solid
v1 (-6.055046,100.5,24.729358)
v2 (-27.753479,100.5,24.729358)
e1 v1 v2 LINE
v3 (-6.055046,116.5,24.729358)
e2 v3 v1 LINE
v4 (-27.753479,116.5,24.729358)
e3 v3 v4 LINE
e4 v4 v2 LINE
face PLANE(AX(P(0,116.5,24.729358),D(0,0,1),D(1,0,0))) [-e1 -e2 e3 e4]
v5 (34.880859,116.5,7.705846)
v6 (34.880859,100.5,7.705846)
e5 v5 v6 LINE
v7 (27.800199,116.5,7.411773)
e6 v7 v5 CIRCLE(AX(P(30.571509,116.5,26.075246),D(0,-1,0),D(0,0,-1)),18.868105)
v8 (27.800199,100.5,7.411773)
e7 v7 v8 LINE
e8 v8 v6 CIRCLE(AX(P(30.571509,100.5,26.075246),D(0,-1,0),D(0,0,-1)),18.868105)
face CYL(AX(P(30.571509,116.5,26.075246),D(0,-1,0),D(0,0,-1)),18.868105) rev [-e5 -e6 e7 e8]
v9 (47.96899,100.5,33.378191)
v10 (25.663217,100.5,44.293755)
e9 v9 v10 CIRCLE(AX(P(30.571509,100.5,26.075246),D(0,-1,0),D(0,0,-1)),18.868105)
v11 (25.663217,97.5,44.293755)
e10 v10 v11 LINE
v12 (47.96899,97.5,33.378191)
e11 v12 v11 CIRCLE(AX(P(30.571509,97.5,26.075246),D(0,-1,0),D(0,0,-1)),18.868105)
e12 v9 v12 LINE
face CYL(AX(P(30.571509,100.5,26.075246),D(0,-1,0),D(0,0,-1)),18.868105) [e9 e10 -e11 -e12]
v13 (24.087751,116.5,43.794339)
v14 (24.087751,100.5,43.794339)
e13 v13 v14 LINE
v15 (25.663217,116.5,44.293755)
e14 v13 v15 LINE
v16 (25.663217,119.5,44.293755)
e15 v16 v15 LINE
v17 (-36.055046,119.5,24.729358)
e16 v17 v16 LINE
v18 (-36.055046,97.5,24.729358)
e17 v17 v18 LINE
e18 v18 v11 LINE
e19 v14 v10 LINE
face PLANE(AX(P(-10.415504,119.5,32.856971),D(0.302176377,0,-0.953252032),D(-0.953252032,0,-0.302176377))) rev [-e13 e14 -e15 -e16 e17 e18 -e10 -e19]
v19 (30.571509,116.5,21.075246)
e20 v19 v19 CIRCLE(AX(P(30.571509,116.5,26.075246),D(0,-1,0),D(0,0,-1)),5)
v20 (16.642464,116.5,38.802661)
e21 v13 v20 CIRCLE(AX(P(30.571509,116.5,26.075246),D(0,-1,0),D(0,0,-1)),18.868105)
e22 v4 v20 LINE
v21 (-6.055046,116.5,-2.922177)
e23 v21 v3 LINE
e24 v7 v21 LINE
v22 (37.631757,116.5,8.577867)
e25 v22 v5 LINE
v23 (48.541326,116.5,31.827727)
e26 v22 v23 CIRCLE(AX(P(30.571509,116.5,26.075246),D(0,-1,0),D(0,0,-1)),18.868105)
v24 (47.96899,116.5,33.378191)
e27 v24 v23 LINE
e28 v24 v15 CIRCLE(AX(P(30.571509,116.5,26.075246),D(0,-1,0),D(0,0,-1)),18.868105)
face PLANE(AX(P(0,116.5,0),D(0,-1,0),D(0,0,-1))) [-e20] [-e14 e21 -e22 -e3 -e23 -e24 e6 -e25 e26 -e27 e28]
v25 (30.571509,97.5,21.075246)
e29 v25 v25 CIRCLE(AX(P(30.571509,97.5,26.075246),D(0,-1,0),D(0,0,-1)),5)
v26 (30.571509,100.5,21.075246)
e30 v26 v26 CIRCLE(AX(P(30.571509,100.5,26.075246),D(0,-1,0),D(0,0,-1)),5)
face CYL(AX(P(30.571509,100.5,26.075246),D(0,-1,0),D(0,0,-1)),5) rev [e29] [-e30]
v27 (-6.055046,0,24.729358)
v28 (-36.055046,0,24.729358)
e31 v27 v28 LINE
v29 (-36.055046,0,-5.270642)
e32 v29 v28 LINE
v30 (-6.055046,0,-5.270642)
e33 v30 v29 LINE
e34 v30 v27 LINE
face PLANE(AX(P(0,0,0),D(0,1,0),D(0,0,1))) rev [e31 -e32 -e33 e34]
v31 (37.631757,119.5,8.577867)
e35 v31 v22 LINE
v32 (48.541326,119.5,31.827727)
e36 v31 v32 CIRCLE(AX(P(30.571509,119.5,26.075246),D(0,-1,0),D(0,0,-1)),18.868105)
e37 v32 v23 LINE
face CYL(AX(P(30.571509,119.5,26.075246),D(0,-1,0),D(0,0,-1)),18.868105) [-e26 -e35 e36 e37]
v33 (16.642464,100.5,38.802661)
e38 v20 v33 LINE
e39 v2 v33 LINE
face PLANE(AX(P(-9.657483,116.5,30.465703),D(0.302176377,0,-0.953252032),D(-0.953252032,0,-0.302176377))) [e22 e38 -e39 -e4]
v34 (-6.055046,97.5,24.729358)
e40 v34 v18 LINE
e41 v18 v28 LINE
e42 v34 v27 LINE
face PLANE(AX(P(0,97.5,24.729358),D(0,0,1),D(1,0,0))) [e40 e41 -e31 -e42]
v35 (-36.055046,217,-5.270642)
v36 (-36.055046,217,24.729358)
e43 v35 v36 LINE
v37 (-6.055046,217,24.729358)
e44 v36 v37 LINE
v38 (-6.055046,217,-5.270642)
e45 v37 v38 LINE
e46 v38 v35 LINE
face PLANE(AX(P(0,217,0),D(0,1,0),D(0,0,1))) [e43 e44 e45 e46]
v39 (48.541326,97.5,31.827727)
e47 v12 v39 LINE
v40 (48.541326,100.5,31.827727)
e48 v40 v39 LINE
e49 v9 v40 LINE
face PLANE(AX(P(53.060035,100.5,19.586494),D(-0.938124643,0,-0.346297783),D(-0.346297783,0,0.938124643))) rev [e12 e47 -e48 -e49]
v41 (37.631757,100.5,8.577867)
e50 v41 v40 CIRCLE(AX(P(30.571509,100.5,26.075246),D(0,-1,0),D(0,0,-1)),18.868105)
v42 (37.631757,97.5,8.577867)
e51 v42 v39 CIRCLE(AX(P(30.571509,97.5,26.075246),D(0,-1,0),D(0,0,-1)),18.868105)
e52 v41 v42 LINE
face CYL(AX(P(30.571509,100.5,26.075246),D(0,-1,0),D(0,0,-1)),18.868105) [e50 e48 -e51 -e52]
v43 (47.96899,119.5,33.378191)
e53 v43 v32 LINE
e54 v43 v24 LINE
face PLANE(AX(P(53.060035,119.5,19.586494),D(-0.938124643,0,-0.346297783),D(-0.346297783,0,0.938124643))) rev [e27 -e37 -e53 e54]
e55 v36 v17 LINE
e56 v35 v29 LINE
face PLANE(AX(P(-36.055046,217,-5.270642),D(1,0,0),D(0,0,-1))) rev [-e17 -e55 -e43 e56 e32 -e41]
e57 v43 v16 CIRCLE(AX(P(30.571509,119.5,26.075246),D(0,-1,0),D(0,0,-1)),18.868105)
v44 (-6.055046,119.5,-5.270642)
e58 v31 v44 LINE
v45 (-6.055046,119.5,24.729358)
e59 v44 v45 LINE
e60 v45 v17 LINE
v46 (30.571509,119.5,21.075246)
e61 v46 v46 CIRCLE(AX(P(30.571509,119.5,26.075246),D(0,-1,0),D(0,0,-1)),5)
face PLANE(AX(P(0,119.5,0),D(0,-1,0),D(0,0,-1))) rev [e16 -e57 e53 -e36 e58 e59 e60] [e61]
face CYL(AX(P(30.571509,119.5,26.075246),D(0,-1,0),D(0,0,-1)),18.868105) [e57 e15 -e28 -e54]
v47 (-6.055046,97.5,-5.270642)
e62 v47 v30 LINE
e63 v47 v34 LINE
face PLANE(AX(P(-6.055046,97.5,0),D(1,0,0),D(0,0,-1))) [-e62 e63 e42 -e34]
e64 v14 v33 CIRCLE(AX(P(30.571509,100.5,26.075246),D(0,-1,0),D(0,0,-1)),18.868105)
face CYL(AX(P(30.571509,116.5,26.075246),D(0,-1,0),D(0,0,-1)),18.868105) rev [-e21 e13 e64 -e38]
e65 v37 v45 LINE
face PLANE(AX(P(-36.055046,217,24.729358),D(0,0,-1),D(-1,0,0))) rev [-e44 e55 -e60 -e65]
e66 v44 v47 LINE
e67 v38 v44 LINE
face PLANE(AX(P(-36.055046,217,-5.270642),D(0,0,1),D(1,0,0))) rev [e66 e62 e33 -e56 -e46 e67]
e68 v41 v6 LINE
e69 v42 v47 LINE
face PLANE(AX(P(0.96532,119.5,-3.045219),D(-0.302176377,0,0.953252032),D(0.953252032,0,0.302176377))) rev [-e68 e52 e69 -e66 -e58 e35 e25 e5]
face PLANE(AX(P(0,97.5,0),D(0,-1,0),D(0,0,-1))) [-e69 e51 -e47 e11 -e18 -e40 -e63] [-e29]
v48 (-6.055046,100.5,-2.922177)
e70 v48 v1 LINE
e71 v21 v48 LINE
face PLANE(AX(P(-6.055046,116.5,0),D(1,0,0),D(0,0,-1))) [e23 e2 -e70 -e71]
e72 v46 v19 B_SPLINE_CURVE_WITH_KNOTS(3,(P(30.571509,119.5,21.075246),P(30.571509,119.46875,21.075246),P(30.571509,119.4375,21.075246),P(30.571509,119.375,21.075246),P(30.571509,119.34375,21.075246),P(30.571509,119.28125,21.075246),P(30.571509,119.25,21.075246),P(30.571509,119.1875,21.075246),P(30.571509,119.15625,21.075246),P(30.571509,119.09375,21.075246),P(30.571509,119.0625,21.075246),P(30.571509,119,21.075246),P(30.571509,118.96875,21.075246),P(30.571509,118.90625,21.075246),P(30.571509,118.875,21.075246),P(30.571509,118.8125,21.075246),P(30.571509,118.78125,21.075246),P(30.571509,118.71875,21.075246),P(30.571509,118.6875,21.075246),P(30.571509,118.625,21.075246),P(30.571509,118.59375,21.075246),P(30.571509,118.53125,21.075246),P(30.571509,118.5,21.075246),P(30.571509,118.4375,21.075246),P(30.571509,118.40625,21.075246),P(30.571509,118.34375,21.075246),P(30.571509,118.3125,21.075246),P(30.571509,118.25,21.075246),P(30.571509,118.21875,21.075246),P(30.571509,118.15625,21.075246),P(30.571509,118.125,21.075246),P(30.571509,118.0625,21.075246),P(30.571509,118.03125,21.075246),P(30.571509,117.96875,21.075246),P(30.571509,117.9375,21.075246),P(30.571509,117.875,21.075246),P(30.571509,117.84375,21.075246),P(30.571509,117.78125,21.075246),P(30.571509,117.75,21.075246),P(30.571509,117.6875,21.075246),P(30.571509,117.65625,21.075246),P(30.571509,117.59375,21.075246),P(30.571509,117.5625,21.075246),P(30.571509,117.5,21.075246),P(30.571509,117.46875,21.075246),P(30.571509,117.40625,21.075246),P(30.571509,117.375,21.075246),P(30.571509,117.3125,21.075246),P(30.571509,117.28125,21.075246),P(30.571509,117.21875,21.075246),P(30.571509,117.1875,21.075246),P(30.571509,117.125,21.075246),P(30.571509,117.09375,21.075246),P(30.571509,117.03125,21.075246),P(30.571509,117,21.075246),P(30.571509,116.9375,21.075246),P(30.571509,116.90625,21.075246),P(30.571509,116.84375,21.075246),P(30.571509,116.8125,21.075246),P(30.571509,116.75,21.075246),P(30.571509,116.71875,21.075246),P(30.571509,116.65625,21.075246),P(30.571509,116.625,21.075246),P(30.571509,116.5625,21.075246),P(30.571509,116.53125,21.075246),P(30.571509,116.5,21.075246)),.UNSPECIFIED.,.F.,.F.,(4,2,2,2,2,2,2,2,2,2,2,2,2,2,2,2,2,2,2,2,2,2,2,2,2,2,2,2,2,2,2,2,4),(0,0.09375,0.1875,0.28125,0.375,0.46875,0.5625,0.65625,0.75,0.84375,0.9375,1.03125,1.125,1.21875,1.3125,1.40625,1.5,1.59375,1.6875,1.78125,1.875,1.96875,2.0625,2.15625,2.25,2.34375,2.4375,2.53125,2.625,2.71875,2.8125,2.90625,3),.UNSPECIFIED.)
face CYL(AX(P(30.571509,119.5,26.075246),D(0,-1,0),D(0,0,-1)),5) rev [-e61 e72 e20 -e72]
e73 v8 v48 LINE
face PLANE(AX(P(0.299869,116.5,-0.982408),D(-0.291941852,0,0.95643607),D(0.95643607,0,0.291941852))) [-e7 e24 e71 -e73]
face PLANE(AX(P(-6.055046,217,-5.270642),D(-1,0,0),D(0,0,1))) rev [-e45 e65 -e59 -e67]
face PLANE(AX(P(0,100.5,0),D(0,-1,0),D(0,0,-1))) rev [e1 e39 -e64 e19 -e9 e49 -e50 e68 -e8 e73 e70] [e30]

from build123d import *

# Parameters (mm, degrees)
SKETCH1_W           = 30
SKETCH1_H           = 30
BOSS_EXTRUDE1_DEPTH = 217
SKETCH2_R           = 5
BOSS_EXTRUDE3_DEPTH = 119.5
SKETCH2_5_R         = 5
CUT_EXTRUDE1_DEPTH  = 116.5
SKETCH2_6_R         = 5
BOSS_EXTRUDE4_DEPTH = 100.5
SKETCH2_7_R         = 5
CUT_EXTRUDE2_DEPTH  = 97.5


with BuildPart() as part:
    # Sketch1 → Boss-Extrude1 (new body)
    with BuildSketch(Plane(origin=(0, 0, 0), x_dir=(1, 0, 0), z_dir=(0, 1, 0))):
        with Locations((-21.055045872, -9.729357798)):
            Rectangle(SKETCH1_W, SKETCH1_H)
    extrude(amount=BOSS_EXTRUDE1_DEPTH)

    # Sketch2 → Boss-Extrude3 (add)
    with BuildSketch(Plane.XZ):
        with BuildLine():
            Line((-36.055045872, 24.729357798), (-6.055045872, 24.729357798))
            Line((-6.055045872, 24.729357798), (-6.055045872, -5.270642202))
            Line((-6.055045872, -5.270642202), (37.631757216, 8.577867353))
            ThreePointArc((37.631757216, 8.577867353), (47.652639906, 18.060239777), (48.541325909, 31.827727342))
            Line((48.541325909, 31.827727342), (47.968990161, 33.37819141))
            ThreePointArc((47.968990161, 33.37819141), (38.865020701, 43.022901823), (25.663216571, 44.293754521))
            Line((25.663216571, 44.293754521), (-36.055045872, 24.729357798))
        make_face()
        with Locations((30.57150852, 26.07524616)):
            Circle(SKETCH2_R, mode=Mode.SUBTRACT)
    extrude(amount=-BOSS_EXTRUDE3_DEPTH)

    # Sketch2<5> → Cut-Extrude1 (cut)
    with BuildSketch(Plane.XZ):
        with BuildLine():
            Line((25.663216571, 44.293754521), (24.087751056, 43.794339419))
            ThreePointArc((24.087751056, 43.794339419), (20.064375993, 41.747053421), (16.642463995, 38.80266127))
            Line((16.642463995, 38.80266127), (-27.753478769, 24.729357798))
            Line((-27.753478769, 24.729357798), (-6.055045872, 24.729357798))
            Line((-6.055045872, 24.729357798), (-6.055045872, -2.922177327))
            Line((-6.055045872, -2.922177327), (27.800199491, 7.411773197))
            ThreePointArc((27.800199491, 7.411773197), (31.354459639, 7.223393087), (34.880858909, 7.705845626))
            Line((34.880858909, 7.705845626), (37.631757216, 8.577867353))
            ThreePointArc((37.631757216, 8.577867353), (47.652639906, 18.060239777), (48.541325909, 31.827727342))
            Line((48.541325909, 31.827727342), (47.968990161, 33.37819141))
            ThreePointArc((47.968990161, 33.37819141), (38.865020701, 43.022901823), (25.663216571, 44.293754521))
        make_face()
        with Locations((30.57150852, 26.07524616)):
            Circle(SKETCH2_5_R, mode=Mode.SUBTRACT)
    extrude(amount=-CUT_EXTRUDE1_DEPTH, mode=Mode.SUBTRACT)

    # Sketch2<6> → Boss-Extrude4 (add)
    with BuildSketch(Plane.XZ):
        with BuildLine():
            Line((25.663216571, 44.293754521), (24.087751056, 43.794339419))
            ThreePointArc((24.087751056, 43.794339419), (20.064375993, 41.747053421), (16.642463995, 38.80266127))
            Line((16.642463995, 38.80266127), (-27.753478769, 24.729357798))
            Line((-27.753478769, 24.729357798), (-6.055045872, 24.729357798))
            Line((-6.055045872, 24.729357798), (-6.055045872, -2.922177327))
            Line((-6.055045872, -2.922177327), (27.800199491, 7.411773197))
            ThreePointArc((27.800199491, 7.411773197), (31.354459639, 7.223393087), (34.880858909, 7.705845626))
            Line((34.880858909, 7.705845626), (37.631757216, 8.577867353))
            ThreePointArc((37.631757216, 8.577867353), (47.652639906, 18.060239777), (48.541325909, 31.827727342))
            Line((48.541325909, 31.827727342), (47.968990161, 33.37819141))
            ThreePointArc((47.968990161, 33.37819141), (38.865020701, 43.022901823), (25.663216571, 44.293754521))
        make_face()
        with Locations((30.57150852, 26.07524616)):
            Circle(SKETCH2_6_R, mode=Mode.SUBTRACT)
    extrude(amount=-BOSS_EXTRUDE4_DEPTH)

    # Sketch2<7> → Cut-Extrude2 (cut)
    with BuildSketch(Plane.XZ):
        with BuildLine():
            Line((-36.055045872, 24.729357798), (-6.055045872, 24.729357798))
            Line((-6.055045872, 24.729357798), (-6.055045872, -5.270642202))
            Line((-6.055045872, -5.270642202), (37.631757216, 8.577867353))
            ThreePointArc((37.631757216, 8.577867353), (47.652639906, 18.060239777), (48.541325909, 31.827727342))
            Line((48.541325909, 31.827727342), (47.968990161, 33.37819141))
            ThreePointArc((47.968990161, 33.37819141), (38.865020701, 43.022901823), (25.663216571, 44.293754521))
            Line((25.663216571, 44.293754521), (-36.055045872, 24.729357798))
        make_face()
        with Locations((30.57150852, 26.07524616)):
            Circle(SKETCH2_7_R, mode=Mode.SUBTRACT)
    extrude(amount=-CUT_EXTRUDE2_DEPTH, mode=Mode.SUBTRACT)


solid = part.part
